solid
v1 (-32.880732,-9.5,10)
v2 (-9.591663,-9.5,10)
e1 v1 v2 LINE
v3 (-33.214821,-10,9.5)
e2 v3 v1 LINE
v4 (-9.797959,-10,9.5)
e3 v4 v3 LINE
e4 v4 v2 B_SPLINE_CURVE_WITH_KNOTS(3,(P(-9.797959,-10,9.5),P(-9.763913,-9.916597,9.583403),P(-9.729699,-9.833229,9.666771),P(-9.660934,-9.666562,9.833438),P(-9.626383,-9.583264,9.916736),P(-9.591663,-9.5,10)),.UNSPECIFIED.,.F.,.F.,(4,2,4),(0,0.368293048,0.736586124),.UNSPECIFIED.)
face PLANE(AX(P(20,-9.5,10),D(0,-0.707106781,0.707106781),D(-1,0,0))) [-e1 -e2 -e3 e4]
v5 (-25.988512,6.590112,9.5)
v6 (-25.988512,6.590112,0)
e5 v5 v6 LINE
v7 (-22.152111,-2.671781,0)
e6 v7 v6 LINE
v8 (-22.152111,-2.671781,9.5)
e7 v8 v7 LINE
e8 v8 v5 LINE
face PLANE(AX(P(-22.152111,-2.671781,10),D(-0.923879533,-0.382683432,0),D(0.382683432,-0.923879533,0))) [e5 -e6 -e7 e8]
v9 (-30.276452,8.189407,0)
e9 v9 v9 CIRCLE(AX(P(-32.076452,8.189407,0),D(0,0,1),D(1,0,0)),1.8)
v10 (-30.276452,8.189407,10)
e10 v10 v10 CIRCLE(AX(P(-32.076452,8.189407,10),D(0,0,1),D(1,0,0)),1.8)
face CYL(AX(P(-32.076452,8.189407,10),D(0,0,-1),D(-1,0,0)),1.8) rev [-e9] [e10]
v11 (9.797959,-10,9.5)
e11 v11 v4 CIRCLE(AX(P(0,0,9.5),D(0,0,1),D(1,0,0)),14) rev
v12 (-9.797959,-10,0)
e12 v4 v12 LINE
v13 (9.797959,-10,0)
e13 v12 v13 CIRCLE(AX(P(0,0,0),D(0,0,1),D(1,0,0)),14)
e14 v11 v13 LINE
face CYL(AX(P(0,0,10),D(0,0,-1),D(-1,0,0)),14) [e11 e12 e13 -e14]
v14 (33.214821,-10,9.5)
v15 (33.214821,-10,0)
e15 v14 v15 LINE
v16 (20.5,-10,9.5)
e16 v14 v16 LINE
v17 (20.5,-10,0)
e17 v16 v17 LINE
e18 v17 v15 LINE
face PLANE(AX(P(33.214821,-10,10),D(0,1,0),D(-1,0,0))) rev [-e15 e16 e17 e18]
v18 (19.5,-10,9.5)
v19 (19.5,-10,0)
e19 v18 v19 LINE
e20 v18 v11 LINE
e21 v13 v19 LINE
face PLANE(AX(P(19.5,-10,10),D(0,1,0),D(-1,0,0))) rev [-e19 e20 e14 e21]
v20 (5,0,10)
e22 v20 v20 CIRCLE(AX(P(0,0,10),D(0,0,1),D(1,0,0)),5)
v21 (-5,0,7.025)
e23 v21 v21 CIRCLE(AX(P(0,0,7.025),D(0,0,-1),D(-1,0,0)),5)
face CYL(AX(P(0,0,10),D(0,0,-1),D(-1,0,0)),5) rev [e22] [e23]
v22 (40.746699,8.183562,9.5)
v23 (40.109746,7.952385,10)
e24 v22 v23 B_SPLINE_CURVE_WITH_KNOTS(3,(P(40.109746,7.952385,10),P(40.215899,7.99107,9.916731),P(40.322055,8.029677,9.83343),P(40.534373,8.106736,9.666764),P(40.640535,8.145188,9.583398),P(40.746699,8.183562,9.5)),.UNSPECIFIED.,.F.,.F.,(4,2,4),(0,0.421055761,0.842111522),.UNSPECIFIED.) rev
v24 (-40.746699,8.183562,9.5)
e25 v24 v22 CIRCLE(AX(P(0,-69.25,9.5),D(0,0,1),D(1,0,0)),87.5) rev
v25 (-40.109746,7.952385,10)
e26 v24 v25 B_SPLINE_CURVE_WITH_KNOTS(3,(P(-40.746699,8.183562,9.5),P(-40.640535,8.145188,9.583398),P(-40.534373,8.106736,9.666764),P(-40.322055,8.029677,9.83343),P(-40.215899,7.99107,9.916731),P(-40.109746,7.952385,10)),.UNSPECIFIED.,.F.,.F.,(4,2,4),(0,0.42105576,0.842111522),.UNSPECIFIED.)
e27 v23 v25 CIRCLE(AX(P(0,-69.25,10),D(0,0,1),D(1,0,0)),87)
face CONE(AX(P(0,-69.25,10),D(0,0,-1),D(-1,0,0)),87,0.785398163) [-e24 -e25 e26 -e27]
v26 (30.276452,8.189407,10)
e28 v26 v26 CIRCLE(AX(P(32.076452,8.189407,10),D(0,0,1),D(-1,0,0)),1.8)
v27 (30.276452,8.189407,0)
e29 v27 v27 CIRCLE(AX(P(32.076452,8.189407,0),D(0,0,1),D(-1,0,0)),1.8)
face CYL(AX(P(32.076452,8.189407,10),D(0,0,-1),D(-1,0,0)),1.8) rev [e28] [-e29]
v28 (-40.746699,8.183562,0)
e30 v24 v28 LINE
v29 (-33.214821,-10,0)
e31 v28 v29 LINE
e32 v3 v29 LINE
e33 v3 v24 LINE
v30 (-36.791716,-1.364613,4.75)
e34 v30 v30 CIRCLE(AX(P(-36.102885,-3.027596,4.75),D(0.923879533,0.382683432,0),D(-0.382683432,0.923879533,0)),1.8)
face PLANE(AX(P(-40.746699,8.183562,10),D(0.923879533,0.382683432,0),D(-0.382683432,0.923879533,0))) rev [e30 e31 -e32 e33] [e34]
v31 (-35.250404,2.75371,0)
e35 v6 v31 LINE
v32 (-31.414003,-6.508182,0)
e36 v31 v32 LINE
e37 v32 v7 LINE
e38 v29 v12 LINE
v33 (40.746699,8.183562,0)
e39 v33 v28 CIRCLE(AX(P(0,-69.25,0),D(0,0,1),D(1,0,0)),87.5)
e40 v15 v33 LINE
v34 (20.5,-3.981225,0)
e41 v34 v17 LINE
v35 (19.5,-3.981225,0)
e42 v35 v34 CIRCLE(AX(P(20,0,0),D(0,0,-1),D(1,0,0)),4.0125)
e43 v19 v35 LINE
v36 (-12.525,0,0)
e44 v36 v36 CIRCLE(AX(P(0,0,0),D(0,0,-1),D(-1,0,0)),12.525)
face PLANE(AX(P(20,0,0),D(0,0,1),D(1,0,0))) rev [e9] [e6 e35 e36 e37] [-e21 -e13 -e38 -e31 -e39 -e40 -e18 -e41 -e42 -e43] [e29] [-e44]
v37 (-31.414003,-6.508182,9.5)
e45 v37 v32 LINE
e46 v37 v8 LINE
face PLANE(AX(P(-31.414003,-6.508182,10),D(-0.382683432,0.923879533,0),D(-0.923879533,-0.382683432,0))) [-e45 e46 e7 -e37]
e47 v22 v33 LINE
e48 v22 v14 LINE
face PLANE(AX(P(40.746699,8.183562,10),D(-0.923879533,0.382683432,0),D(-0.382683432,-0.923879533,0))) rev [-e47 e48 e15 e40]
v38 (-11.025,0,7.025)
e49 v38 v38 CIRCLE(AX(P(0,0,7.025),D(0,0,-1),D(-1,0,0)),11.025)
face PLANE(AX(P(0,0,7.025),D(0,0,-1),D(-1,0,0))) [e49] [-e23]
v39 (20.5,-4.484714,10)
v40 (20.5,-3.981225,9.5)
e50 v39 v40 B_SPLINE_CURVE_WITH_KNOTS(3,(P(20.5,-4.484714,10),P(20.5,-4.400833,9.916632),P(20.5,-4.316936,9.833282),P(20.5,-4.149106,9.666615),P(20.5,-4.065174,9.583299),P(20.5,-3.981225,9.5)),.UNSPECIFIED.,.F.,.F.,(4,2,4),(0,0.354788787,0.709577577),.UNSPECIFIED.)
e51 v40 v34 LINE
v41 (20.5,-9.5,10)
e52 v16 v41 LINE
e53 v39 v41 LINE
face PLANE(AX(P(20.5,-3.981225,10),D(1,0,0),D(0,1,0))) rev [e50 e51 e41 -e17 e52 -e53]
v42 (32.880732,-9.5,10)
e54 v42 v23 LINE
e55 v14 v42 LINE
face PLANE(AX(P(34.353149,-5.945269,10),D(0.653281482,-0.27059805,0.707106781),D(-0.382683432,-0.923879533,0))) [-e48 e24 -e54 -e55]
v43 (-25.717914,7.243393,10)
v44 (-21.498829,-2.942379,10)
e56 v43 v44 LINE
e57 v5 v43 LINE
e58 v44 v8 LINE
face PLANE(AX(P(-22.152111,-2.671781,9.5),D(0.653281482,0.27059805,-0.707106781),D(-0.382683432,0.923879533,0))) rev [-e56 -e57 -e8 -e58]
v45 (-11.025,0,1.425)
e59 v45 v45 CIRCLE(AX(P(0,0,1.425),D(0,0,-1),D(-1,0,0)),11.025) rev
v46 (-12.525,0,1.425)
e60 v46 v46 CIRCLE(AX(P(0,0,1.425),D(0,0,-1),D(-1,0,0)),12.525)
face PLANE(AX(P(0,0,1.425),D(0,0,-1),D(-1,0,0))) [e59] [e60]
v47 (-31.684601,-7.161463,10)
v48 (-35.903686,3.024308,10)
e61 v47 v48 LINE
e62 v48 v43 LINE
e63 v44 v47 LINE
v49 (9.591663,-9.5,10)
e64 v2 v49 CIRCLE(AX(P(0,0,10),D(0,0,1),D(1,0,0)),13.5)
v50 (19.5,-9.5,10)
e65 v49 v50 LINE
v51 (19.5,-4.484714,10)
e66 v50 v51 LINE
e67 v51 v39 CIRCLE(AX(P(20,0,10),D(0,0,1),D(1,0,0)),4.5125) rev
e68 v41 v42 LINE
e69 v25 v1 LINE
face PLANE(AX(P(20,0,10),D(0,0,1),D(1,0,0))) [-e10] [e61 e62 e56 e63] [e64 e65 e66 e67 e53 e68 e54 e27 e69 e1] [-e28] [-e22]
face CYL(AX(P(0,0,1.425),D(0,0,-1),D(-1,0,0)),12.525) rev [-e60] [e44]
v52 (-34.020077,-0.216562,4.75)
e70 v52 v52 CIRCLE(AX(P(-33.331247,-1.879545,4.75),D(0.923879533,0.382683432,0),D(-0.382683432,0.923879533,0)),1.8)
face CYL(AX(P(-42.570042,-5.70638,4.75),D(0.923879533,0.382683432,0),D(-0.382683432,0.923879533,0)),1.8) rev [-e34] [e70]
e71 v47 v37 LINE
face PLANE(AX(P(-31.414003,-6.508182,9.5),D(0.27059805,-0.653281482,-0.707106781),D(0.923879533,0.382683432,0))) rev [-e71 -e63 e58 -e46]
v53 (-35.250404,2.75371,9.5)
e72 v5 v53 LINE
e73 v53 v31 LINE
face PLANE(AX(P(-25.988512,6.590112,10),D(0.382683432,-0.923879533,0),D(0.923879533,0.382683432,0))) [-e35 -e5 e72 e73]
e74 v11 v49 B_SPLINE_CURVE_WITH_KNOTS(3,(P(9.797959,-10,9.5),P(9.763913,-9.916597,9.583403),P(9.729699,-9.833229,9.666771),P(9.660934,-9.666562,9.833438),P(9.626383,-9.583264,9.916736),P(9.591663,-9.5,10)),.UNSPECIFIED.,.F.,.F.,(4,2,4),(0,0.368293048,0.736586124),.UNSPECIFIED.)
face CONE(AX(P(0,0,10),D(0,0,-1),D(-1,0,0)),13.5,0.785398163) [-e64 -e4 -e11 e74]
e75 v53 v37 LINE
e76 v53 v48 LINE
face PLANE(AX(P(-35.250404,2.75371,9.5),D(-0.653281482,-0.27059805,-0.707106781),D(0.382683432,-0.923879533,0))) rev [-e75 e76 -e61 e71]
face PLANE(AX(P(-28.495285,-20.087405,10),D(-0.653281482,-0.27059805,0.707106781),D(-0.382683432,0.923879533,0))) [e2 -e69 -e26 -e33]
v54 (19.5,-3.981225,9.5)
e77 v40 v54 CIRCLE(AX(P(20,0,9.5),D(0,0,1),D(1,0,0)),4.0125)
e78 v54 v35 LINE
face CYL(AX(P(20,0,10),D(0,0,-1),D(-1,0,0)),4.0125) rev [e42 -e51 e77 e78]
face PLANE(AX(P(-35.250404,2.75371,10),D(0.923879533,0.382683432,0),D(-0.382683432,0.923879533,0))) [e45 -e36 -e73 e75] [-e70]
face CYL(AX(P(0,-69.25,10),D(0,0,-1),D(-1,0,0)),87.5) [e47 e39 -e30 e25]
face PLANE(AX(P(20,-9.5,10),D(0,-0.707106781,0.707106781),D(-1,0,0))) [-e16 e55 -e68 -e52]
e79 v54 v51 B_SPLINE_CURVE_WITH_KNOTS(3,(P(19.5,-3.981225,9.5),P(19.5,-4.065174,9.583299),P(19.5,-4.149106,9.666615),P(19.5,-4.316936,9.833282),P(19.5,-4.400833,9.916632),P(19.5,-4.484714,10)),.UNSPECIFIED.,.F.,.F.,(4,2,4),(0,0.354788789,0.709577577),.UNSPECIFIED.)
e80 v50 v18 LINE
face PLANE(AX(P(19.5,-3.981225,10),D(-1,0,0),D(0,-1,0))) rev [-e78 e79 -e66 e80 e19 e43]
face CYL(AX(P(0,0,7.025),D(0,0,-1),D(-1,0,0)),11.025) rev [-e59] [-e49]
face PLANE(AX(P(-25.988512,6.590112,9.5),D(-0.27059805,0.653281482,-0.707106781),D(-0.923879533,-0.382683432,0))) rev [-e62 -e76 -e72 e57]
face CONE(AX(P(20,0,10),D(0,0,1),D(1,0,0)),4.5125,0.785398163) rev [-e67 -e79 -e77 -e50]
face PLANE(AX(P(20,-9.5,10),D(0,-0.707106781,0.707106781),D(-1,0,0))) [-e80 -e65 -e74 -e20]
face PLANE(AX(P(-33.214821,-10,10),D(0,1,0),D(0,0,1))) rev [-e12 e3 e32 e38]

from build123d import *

# Parameters (mm, degrees)
SKETCH1_R           = 5
SKETCH1_R_2         = 1.8
BOSS_EXTRUDE1_DEPTH = 10
SKETCH3_R           = 11.025
CUT_EXTRUDE2_DEPTH  = 7.025
SKETCH4_R           = 12.525
CUT_EXTRUDE3_DEPTH  = 1.425
CHAMFER1_SIZE       = 0.5
SKETCH5_R           = 1.8
CUT_EXTRUDE4_DEPTH  = 10
CHAMFER2_SIZE       = 0.5


with BuildPart() as part:
    # Sketch1 → Boss-Extrude1 (new body)
    with BuildSketch(Plane.XY):
        with BuildLine():
            Line((-40.746699048, 8.183561953), (-33.214821075, -10))
            Line((-33.214821075, -10), (-9.797958971, -10))
            ThreePointArc((-9.797958971, -10), (0, -14), (9.797958971, -10))
            Line((9.797958971, -10), (19.5, -10))
            Line((19.5, -10), (19.5, -3.981225471))
            ThreePointArc((19.5, -3.981225471), (20, 4.0125), (20.5, -3.981225471))
            Line((20.5, -3.981225471), (20.5, -10))
            Line((20.5, -10), (33.214821075, -10))
            Line((33.214821075, -10), (40.746699048, 8.183561953))
            ThreePointArc((40.746699048, 8.183561953), (0, 18.25), (-40.746699048, 8.183561953))
        make_face()
        Circle(SKETCH1_R, mode=Mode.SUBTRACT)
        with Locations((-32.07645249, 8.189406634)):
            Circle(SKETCH1_R_2, mode=Mode.SUBTRACT)
        with Locations(Location((32.07645249, 8.189406634, 0), (0, 0, 180))):
            Circle(SKETCH1_R_2, mode=Mode.SUBTRACT)
        Polygon((-25.988511975, 6.5901118), (-35.250404289, 2.75371039), (-31.414002879, -6.508181923), (-22.152110566, -2.671780514), align=None, mode=Mode.SUBTRACT)
    extrude(amount=BOSS_EXTRUDE1_DEPTH)

    # Sketch3 → Cut-Extrude2 (cut)
    with BuildSketch(Plane(origin=(0, 0, 0), x_dir=(-1, 0, 0), z_dir=(0, 0, -1))):
        Circle(SKETCH3_R)
    extrude(amount=-CUT_EXTRUDE2_DEPTH, mode=Mode.SUBTRACT)

    # Sketch4 → Cut-Extrude3 (cut)
    with BuildSketch(Plane(origin=(0, 0, 0), x_dir=(-1, 0, 0), z_dir=(0, 0, -1))):
        Circle(SKETCH4_R)
    extrude(amount=-CUT_EXTRUDE3_DEPTH, mode=Mode.SUBTRACT)

    # Chamfer1
    chamfer1_edges = [part.edges().sort_by_distance(p)[0] for p in [
        (20, 4.0125, 10),
        (-24.070311271, 1.959165643, 10),
        (-30.619458132, 4.671911095, 10),
        (-33.332203584, -1.877235766, 10),
        (-26.783056723, -4.589981218, 10),
    ]]
    chamfer(chamfer1_edges, length=CHAMFER1_SIZE)

    # Sketch5 → Cut-Extrude4 (cut)
    with BuildSketch(Plane(origin=(-29.114518455, -12.059628406, 0), x_dir=(0, 0, -1), z_dir=(0.923879532511288, 0.3826834323650871, 0))):
        with Locations(Location((-4.75, 11.018842374, 0), (0, 0, 90))):
            Circle(SKETCH5_R)
    extrude(amount=-CUT_EXTRUDE4_DEPTH, mode=Mode.SUBTRACT)

    # Chamfer2
    chamfer2_edges = [part.edges().sort_by_distance(p)[0] for p in [
        (-36.980760062, -0.908219024, 10),
        (-21.506390023, -10, 10),
        (0, -14, 10),
        (14.648979486, -10, 10),
        (26.857410538, -10, 10),
        (36.980760062, -0.908219024, 10),
        (0, 18.25, 10),
    ]]
    chamfer(chamfer2_edges, length=CHAMFER2_SIZE)


solid = part.part
